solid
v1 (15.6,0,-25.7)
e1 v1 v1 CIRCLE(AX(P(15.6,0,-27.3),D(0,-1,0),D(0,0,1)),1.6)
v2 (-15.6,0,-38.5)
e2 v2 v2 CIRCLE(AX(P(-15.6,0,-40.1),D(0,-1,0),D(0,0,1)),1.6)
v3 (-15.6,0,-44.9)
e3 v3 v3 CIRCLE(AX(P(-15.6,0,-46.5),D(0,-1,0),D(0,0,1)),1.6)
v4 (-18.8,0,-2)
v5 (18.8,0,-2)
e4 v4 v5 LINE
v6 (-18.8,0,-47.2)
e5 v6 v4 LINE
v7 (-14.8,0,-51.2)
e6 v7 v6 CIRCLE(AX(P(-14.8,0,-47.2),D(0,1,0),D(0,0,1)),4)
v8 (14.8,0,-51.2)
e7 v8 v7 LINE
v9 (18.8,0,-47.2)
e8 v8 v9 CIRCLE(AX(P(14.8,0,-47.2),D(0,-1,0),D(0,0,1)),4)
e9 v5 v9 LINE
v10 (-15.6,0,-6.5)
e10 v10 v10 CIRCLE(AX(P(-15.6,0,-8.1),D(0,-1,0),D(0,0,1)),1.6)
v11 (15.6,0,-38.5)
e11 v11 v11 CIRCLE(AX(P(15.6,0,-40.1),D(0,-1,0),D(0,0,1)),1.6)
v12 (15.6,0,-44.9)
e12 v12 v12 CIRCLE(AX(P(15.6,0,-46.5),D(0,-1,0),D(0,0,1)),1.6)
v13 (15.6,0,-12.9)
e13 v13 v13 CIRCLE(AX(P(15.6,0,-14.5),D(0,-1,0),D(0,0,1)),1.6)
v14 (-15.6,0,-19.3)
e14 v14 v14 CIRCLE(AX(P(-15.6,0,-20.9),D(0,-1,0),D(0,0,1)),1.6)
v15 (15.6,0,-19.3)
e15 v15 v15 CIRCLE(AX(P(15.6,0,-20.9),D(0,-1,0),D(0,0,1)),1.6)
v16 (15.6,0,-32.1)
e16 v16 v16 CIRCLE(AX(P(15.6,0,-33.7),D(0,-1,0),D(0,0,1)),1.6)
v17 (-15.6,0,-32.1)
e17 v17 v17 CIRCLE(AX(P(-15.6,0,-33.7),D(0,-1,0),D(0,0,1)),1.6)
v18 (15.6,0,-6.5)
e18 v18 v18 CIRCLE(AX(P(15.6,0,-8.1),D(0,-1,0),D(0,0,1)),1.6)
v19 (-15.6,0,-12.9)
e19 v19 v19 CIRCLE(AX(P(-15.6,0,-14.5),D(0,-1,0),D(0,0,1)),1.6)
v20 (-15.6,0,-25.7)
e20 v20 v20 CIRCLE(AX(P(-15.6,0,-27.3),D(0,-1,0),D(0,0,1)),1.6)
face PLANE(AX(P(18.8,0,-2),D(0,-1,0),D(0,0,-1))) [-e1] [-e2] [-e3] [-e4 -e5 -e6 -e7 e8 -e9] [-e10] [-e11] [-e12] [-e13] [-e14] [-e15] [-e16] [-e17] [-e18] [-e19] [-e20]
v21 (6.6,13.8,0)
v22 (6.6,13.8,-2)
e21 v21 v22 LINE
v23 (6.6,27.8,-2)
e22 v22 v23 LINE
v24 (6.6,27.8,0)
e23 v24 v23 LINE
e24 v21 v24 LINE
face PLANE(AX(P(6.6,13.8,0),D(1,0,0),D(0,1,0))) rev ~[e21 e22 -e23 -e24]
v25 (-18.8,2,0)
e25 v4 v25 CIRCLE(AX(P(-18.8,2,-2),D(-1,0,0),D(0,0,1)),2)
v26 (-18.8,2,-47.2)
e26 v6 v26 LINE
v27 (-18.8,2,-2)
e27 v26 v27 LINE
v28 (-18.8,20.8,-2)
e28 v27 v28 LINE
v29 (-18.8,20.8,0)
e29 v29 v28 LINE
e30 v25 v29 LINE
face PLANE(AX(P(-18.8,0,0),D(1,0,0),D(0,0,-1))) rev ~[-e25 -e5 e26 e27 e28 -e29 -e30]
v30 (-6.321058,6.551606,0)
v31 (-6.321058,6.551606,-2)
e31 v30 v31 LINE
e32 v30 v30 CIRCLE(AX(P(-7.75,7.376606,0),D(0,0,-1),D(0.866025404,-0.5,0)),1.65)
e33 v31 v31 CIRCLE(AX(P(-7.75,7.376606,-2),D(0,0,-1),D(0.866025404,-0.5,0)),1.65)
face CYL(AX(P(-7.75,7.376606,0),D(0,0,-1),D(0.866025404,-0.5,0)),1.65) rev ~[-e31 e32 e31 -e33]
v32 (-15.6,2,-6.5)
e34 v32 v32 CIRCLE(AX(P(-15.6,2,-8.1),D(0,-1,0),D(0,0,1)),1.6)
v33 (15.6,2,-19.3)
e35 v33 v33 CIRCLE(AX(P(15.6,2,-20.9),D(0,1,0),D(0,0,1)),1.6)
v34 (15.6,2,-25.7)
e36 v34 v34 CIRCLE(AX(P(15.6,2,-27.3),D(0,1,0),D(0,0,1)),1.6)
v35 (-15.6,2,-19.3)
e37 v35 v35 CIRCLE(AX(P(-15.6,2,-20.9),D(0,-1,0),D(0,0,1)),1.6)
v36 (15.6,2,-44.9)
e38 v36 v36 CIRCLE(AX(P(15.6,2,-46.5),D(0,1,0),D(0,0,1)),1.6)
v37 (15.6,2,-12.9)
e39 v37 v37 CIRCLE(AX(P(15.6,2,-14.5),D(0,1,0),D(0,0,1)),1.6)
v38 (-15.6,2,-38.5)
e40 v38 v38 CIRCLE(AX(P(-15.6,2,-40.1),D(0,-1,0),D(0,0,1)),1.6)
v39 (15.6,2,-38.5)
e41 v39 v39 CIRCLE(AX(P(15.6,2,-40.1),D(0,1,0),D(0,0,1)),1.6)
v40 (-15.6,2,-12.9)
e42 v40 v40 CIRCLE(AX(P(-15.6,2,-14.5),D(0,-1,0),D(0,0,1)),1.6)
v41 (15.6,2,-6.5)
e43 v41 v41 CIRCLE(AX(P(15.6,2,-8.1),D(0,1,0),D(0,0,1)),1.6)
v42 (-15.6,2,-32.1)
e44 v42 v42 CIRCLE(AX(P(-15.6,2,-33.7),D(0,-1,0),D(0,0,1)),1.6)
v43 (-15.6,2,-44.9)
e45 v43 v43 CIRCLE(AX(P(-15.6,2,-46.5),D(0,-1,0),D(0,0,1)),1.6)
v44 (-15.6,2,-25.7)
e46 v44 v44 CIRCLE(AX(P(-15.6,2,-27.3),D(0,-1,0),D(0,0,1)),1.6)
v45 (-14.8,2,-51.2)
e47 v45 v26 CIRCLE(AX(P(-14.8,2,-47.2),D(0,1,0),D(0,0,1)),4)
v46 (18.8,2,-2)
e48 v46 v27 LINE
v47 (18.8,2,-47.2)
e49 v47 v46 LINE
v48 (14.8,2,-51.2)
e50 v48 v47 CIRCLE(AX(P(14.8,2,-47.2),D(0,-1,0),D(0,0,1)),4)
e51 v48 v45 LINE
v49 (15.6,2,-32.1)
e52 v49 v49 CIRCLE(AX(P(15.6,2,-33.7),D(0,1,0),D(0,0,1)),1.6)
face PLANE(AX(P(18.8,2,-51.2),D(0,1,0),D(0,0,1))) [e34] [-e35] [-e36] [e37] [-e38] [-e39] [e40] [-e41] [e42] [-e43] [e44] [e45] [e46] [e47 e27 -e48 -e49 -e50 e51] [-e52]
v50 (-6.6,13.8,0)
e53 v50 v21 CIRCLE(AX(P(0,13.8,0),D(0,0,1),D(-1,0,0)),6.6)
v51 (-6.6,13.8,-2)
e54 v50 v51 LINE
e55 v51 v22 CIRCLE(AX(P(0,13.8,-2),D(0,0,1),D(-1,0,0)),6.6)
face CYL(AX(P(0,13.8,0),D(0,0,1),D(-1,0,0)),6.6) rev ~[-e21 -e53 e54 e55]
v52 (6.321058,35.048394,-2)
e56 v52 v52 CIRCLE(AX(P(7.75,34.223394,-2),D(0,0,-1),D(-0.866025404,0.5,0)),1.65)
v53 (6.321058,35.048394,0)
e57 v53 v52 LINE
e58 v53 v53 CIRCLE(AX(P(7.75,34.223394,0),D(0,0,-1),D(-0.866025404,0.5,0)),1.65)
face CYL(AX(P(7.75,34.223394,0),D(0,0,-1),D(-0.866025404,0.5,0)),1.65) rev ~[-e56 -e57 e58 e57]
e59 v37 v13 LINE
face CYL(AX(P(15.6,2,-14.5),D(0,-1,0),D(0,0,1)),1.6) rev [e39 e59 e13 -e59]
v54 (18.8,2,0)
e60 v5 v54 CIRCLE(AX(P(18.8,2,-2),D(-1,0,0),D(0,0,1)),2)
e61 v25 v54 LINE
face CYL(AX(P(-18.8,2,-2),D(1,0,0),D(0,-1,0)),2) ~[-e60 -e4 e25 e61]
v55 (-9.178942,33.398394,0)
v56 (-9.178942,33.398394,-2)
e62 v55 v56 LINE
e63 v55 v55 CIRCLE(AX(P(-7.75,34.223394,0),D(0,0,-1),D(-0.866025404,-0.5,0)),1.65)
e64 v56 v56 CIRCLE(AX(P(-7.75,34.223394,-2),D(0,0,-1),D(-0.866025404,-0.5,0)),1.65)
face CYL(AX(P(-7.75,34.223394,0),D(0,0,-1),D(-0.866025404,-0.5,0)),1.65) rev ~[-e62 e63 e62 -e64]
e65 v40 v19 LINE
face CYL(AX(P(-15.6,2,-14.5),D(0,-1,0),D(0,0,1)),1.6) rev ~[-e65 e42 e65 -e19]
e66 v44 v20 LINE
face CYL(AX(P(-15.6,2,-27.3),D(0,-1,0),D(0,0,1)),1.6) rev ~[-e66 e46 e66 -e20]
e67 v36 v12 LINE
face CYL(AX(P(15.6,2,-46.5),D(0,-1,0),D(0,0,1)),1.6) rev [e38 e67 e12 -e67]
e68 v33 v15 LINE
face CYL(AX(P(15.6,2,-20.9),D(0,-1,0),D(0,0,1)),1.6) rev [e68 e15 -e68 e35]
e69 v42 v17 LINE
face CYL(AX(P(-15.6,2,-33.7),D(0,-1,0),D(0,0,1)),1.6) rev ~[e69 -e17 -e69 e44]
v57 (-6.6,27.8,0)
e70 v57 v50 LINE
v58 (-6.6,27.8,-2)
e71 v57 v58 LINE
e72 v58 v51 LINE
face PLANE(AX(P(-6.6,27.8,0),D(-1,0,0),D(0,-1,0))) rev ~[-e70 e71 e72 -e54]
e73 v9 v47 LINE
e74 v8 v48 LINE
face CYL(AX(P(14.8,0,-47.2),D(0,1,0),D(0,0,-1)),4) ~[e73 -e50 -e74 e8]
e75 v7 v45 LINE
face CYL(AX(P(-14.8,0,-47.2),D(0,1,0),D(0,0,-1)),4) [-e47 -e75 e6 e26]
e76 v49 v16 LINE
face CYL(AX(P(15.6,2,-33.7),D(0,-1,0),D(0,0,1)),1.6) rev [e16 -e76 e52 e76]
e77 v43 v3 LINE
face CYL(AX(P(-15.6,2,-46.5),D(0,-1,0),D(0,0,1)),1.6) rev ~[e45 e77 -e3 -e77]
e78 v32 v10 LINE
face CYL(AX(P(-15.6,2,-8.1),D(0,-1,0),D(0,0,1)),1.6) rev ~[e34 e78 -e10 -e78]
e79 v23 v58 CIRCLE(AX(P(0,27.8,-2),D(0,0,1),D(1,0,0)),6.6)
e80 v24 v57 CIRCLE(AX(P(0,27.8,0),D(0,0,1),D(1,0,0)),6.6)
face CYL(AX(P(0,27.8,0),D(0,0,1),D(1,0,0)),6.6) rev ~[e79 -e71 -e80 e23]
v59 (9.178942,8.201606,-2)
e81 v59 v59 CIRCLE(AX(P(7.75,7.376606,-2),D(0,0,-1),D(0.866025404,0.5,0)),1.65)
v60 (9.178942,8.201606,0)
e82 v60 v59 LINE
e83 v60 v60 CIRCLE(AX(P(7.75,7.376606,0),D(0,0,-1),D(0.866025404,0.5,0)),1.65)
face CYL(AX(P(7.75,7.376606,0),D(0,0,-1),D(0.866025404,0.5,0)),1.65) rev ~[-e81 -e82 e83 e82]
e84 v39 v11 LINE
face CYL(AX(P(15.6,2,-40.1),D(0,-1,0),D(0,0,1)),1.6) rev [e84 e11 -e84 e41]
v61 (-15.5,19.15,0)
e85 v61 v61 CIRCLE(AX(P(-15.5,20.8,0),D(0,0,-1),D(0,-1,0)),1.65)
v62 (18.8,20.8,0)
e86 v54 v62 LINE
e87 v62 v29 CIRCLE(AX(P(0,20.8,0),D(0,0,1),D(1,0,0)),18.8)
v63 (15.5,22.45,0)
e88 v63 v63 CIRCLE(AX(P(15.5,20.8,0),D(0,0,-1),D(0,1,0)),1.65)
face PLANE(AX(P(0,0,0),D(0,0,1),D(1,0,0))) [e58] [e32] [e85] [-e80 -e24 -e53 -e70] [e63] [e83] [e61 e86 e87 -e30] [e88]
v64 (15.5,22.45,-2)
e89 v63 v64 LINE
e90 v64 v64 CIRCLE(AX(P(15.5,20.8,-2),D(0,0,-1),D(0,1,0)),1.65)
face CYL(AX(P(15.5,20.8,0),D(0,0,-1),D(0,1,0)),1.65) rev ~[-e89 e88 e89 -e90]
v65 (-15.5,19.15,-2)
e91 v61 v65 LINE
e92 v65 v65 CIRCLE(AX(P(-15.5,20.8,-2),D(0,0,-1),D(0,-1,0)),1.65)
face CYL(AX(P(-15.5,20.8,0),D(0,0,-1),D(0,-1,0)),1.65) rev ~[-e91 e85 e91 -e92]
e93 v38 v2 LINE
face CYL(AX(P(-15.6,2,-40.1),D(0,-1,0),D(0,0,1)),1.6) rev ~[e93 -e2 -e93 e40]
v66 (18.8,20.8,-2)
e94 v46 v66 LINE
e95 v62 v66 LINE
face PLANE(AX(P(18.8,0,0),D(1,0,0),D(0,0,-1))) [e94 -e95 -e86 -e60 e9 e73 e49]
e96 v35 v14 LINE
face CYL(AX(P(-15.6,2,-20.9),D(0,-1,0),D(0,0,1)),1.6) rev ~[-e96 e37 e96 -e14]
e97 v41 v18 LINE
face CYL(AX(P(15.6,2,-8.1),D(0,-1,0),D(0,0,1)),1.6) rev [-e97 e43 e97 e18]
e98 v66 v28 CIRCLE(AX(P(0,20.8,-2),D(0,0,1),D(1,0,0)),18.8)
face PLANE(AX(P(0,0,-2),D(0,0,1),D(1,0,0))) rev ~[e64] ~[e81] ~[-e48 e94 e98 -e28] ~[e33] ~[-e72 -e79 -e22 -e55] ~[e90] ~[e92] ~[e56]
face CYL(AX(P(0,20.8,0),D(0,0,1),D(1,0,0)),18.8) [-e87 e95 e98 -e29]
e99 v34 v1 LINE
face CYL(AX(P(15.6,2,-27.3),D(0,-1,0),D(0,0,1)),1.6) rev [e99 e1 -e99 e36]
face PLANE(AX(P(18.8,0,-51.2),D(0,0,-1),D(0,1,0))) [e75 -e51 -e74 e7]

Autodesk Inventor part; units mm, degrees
ref_plane "YZ Plane" through (0, 0, 0) normal (1, 0, 0) x (0, 1, 0)
ref_plane "XZ Plane" through (0, 0, 0) normal (0, 1, 0) x (-1, 0, 0)
ref_plane "XY Plane" through (0, 0, 0) normal (0, 0, 1) x (1, 0, 0)
sketch "Szkic5" plane through (0, 0, 0) normal (0, 0, 1) x (1, 0, 0)
  line L0 (-18.8, 0) -> (18.8, 0)
  line L1 (0, 0) -> (0, 20.8) construction
  arc A0 (18.8, 20.8) -> (-18.8, 20.8) centre (0, 20.8) ccw
  line L2 (-18.8, 0) -> (-18.8, 20.8)
  line L3 (18.8, 0) -> (18.8, 20.8)
  circle A1 centre (0, 20.8) radius 15.5 construction
  line L4 (0, 27.8) -> (0, 13.8) construction
  line L5 (0, 27.8) -> (0, 13.8) construction
  line L6 (-6.6, 27.8) -> (-6.6, 13.8)
  line L7 (6.6, 13.8) -> (6.6, 27.8)
  arc A2 (6.6, 27.8) -> (-6.6, 27.8) centre (0, 27.8) ccw
  arc A3 (-6.6, 13.8) -> (6.6, 13.8) centre (0, 13.8) ccw
  point P0 (-15.5, 20.8)
  point P1 (0, 20.8)
  dimension "d35" = 31
  dimension "d26" = 37.6
  dimension "d27" = 20.8
  dimension "d28" = 37.6
  dimension "d46" = 14
  dimension "d47" = 13.2
extrude "Wyciągnięcie proste4" add sketch "Szkic5" against normal blind 2 contours L2 A0 L3 L0 | A2 L7 A3 L6
sketch "Szkic6" plane through (18.8, 0, 0) normal (1, 0, 0) x (0, 0, -1)
  line L0 (2, 0) -> (2, 20.8) projected
  line L1 (2, 0) -> (51.2, 0)
  line L2 (51.2, 0) -> (51.2, 2)
  line L3 (51.2, 2) -> (2, 2)
  line L4 (2, 2) -> (2, 0)
  point P0 (0, 0)
  dimension "d31" = 49.2
  dimension "d32" = 2
extrude "Wyciągnięcie proste5" add sketch "Szkic6" against normal up to surface (37.6 mm away)
hole "Otwór2" at (-15.5, 20.8, 0) direction (0, 0, -1) diameter 3.3 end through all
pattern_circular "Szyk kołowy2" count 6 over 360 about axis through (0, 20.8, 0) along (0, 0, -1) of "Otwór2"
extrude "Wyciągnięcie proste6" cut sketch "Szkic5" against normal through all contours A2 L7 A3 L6
sketch "Szkic7" plane through (18.8, 2, -2) normal (0, 1, 0) x (1, 0, 0)
  line L0 (-18.8, -2) -> (-18.8, 44.5) construction
  line L1 (-34.4, 44.5) -> (-3.2, 44.5) construction
  dimension "d50" = 31.2
  dimension "d51" = 46.5
hole "Otwór3" at (-15.6, 2, -46.5) direction (0, -1, 0) diameter 3.2 end through all
pattern_linear "Szyk prostokątny1" count 7 spacing 6.4 along (0, 0, 1) of "Otwór3"
mirror "Odbij1" about plane through (0, 0, 0) normal (1, 0, 0) of "Otwór3", "Szyk prostokątny1"
fillet "Zaokrąglenie1" radius 4 2 edges at (18.8, 1, -51.2) (-18.8, 1, -51.2)
fillet "Zaokrąglenie2" radius 2 1 edges at (0, 0, 0)
properties part number "bepf_podwozie_lacznik_silnika" material "Aluminium 6061"
